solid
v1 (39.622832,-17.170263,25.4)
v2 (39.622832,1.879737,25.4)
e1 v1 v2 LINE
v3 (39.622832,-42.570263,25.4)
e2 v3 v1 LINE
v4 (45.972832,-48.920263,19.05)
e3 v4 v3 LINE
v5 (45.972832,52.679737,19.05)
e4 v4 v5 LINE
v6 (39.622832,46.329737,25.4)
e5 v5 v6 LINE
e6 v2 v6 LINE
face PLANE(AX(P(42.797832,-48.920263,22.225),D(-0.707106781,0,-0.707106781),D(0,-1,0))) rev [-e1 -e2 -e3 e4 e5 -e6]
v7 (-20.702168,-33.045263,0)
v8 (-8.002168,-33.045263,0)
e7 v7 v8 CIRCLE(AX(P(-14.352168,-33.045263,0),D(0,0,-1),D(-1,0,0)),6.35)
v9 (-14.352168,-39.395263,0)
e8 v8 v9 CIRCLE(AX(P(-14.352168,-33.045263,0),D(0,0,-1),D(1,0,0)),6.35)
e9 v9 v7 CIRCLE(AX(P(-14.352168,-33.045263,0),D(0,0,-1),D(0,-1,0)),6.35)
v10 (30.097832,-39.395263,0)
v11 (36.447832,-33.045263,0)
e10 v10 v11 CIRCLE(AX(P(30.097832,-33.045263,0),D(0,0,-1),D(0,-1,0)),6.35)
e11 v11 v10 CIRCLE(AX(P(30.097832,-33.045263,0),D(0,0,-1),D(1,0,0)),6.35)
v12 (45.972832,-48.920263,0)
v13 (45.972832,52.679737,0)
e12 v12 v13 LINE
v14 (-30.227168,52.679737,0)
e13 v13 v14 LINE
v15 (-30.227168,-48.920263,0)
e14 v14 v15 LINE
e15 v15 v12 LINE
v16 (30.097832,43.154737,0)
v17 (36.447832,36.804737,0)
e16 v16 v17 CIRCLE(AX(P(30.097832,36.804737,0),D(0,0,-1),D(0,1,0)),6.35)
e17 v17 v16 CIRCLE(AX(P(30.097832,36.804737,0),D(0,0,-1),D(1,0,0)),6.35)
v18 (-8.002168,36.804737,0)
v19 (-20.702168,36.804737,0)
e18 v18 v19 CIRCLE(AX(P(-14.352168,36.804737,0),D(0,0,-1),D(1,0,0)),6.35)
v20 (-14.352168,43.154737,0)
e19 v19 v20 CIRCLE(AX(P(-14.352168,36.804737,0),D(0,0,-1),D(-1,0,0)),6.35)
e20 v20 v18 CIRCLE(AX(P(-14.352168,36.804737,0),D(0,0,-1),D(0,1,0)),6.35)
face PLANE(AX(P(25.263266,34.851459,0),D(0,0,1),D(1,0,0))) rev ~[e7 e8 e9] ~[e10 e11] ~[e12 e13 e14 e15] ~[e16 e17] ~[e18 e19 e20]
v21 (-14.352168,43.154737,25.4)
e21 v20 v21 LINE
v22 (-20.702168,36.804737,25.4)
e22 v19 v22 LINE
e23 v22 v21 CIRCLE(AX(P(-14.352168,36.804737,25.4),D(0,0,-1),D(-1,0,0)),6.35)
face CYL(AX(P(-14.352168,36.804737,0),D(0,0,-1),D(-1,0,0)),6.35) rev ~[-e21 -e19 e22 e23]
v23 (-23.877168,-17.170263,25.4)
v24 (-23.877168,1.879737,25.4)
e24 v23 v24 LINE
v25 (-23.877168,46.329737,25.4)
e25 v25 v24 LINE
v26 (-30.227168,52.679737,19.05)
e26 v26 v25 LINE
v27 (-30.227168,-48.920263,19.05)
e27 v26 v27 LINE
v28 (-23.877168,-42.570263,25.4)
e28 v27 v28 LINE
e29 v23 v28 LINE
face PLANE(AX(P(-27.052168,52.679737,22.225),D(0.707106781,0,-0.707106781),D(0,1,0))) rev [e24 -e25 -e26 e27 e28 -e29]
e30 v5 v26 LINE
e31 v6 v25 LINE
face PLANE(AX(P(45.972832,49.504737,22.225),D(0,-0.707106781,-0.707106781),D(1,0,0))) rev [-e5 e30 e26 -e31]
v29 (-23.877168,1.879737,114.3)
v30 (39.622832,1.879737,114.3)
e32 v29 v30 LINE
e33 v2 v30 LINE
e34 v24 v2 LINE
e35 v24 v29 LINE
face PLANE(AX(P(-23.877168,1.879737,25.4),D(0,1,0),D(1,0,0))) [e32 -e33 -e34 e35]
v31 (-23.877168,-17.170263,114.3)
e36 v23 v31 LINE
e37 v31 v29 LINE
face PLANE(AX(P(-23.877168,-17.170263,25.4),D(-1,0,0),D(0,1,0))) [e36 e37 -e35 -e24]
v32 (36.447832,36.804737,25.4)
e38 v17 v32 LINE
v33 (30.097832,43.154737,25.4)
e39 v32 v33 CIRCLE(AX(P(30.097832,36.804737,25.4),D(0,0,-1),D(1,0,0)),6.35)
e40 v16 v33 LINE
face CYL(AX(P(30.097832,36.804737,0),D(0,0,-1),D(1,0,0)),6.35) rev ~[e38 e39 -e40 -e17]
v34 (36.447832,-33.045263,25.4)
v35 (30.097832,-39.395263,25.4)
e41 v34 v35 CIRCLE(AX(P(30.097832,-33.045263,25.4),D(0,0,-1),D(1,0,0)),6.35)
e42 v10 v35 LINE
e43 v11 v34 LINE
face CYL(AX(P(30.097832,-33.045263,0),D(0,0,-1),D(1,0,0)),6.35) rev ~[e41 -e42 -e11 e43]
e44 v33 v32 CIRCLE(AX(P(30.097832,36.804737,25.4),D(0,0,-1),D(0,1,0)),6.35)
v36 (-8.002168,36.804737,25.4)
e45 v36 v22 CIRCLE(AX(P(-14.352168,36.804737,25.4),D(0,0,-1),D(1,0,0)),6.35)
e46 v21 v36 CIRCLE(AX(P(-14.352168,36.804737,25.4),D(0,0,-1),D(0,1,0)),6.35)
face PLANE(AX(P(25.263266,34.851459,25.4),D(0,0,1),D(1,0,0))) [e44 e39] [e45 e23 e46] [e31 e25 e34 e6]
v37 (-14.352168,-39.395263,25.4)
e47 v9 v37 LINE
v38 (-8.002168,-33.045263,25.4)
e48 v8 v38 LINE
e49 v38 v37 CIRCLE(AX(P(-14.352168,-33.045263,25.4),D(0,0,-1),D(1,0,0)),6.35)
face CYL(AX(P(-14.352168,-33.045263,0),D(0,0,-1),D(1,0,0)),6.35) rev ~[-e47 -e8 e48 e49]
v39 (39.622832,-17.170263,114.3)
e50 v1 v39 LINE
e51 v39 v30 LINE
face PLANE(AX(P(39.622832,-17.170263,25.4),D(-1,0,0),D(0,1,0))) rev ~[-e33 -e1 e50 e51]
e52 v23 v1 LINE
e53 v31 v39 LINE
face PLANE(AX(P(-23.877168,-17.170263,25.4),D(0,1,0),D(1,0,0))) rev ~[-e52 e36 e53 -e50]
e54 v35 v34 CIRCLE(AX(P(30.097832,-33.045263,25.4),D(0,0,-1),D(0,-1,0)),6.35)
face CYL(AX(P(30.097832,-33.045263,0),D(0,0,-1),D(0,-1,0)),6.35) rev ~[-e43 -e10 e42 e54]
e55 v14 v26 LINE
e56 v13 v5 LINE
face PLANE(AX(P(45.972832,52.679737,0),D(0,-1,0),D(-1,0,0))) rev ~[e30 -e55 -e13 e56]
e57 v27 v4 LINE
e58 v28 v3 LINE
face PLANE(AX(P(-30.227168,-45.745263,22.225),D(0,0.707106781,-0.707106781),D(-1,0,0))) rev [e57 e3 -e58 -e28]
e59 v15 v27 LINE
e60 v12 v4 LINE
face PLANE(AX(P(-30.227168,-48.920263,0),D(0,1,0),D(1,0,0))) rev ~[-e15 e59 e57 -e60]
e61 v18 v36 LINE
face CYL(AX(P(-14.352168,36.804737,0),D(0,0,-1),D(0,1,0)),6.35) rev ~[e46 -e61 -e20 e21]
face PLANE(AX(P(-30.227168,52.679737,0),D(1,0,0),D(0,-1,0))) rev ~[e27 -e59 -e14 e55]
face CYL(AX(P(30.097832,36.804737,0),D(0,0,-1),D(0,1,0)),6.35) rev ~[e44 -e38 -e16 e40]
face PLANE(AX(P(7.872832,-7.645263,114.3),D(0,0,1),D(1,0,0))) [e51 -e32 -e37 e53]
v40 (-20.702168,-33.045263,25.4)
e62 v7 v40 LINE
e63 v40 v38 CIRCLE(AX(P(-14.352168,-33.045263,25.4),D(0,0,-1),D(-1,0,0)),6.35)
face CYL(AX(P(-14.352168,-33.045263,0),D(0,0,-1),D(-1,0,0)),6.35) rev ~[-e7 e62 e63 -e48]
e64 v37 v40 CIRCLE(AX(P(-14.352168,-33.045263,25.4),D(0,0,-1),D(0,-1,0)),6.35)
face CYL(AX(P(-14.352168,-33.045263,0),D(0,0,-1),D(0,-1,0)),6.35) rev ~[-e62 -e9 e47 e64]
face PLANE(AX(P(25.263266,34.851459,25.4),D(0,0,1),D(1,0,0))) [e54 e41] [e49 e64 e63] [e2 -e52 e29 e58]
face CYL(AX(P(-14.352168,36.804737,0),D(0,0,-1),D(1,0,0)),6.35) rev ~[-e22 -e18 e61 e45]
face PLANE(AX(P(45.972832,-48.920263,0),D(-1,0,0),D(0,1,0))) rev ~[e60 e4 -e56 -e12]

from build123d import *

# Parameters (mm, degrees)
F0_W     = 38.1
F0_H     = 19.05
F1_DEPTH = 25.4
F2_SIZE  = 6.35
F3_W     = 63.5
F3_H     = 19.05
F4_DEPTH = 88.9


with BuildPart() as f1:
    # F0 (on Top) → F1 (new body)
    with BuildSketch(Plane.XY):
        with BuildLine():
            Line((30.0978315473, 52.679737395), (7.8728315473, 52.679737395))
            Line((7.8728315473, 52.679737395), (7.8728315473, 20.929737395))
            Line((7.8728315473, 20.929737395), (45.9728315473, 20.929737395))
            Line((45.9728315473, 20.929737395), (45.9728315473, 36.804737395))
            Line((45.9728315473, 36.804737395), (36.4478315473, 36.804737395))
            ThreePointArc((36.4478315473, 36.804737395), (25.6077034867, 32.3146093345), (30.0978315473, 43.154737395))
            Line((30.0978315473, 43.154737395), (30.0978315473, 52.679737395))
        make_face()
        with BuildLine():
            Line((45.9728315473, 52.679737395), (30.0978315473, 52.679737395))
            Line((30.0978315473, 52.679737395), (30.0978315473, 43.154737395))
            ThreePointArc((30.0978315473, 43.154737395), (34.5879596078, 41.2948654556), (36.4478315473, 36.804737395))
            Line((36.4478315473, 36.804737395), (45.9728315473, 36.804737395))
            Line((45.9728315473, 36.804737395), (45.9728315473, 52.679737395))
        make_face()
        with BuildLine():
            Line((7.8728315473, 52.679737395), (-14.3521684527, 52.679737395))
            Line((-14.3521684527, 52.679737395), (-14.3521684527, 43.154737395))
            ThreePointArc((-14.3521684527, 43.154737395), (-9.8620403922, 41.2948654556), (-8.0021684527, 36.804737395))
            ThreePointArc((-8.0021684527, 36.804737395), (-14.3521684527, 30.454737395), (-20.7021684527, 36.804737395))
            Line((-20.7021684527, 36.804737395), (-30.2271684527, 36.804737395))
            Line((-30.2271684527, 36.804737395), (-30.2271684527, 20.929737395))
            Line((-30.2271684527, 20.929737395), (7.8728315473, 20.929737395))
            Line((7.8728315473, 20.929737395), (7.8728315473, 52.679737395))
        make_face()
        with BuildLine():
            Line((-14.3521684527, 52.679737395), (-30.2271684527, 52.679737395))
            Line((-30.2271684527, 52.679737395), (-30.2271684527, 36.804737395))
            Line((-30.2271684527, 36.804737395), (-20.7021684527, 36.804737395))
            ThreePointArc((-20.7021684527, 36.804737395), (-18.8422965133, 41.2948654556), (-14.3521684527, 43.154737395))
            Line((-14.3521684527, 43.154737395), (-14.3521684527, 52.679737395))
        make_face()
        with BuildLine():
            Line((45.9728315473, -48.920262605), (45.9728315473, -33.045262605))
            Line((45.9728315473, -33.045262605), (36.4478315473, -33.045262605))
            ThreePointArc((36.4478315473, -33.045262605), (34.5879596078, -37.5353906655), (30.0978315473, -39.395262605))
            Line((30.0978315473, -39.395262605), (30.0978315473, -48.920262605))
            Line((30.0978315473, -48.920262605), (45.9728315473, -48.920262605))
        make_face()
        with BuildLine():
            Line((45.9728315473, 1.879737395), (7.8728315473, 1.879737395))
            Line((7.8728315473, 1.879737395), (7.8728315473, -48.920262605))
            Line((7.8728315473, -48.920262605), (30.0978315473, -48.920262605))
            Line((30.0978315473, -48.920262605), (30.0978315473, -39.395262605))
            ThreePointArc((30.0978315473, -39.395262605), (25.6077034867, -28.5551345444), (36.4478315473, -33.045262605))
            Line((36.4478315473, -33.045262605), (45.9728315473, -33.045262605))
            Line((45.9728315473, -33.045262605), (45.9728315473, 1.879737395))
        make_face()
        with BuildLine():
            Line((-20.7021684527, -33.045262605), (-30.2271684527, -33.045262605))
            Line((-30.2271684527, -33.045262605), (-30.2271684527, -48.920262605))
            Line((-30.2271684527, -48.920262605), (-14.3521684527, -48.920262605))
            Line((-14.3521684527, -48.920262605), (-14.3521684527, -39.395262605))
            ThreePointArc((-14.3521684527, -39.395262605), (-18.8422965133, -37.5353906655), (-20.7021684527, -33.045262605))
        make_face()
        with BuildLine():
            Line((7.8728315473, 1.879737395), (-30.2271684527, 1.879737395))
            Line((-30.2271684527, 1.879737395), (-30.2271684527, -33.045262605))
            Line((-30.2271684527, -33.045262605), (-20.7021684527, -33.045262605))
            ThreePointArc((-20.7021684527, -33.045262605), (-14.3521684527, -26.695262605), (-8.0021684527, -33.045262605))
            ThreePointArc((-8.0021684527, -33.045262605), (-9.8620403922, -37.5353906655), (-14.3521684527, -39.395262605))
            Line((-14.3521684527, -39.395262605), (-14.3521684527, -48.920262605))
            Line((-14.3521684527, -48.920262605), (7.8728315473, -48.920262605))
            Line((7.8728315473, -48.920262605), (7.8728315473, 1.879737395))
        make_face()
        with Locations((-11.1771684527, 11.404737395)):
            Rectangle(F0_W, F0_H)
        with Locations((26.9228315473, 11.404737395)):
            Rectangle(F0_W, F0_H)
    extrude(amount=F1_DEPTH)

    # F2
    f2_edges = [f1.edges().sort_by_distance(p)[0] for p in [
        (7.872832, 52.679737, 25.4),
        (-30.227168, 1.879737, 25.4),
        (7.872832, -48.920263, 25.4),
        (45.972832, 1.879737, 25.4),
    ]]
    chamfer(f2_edges, length=F2_SIZE)

    # F3 (on face) → F4 (join)
    with BuildSketch(Plane.XY.offset(25.4)):
        with Locations((7.8728315473, -7.645262605)):
            Rectangle(F3_W, F3_H)
    extrude(amount=F4_DEPTH)


solid = f1.part
